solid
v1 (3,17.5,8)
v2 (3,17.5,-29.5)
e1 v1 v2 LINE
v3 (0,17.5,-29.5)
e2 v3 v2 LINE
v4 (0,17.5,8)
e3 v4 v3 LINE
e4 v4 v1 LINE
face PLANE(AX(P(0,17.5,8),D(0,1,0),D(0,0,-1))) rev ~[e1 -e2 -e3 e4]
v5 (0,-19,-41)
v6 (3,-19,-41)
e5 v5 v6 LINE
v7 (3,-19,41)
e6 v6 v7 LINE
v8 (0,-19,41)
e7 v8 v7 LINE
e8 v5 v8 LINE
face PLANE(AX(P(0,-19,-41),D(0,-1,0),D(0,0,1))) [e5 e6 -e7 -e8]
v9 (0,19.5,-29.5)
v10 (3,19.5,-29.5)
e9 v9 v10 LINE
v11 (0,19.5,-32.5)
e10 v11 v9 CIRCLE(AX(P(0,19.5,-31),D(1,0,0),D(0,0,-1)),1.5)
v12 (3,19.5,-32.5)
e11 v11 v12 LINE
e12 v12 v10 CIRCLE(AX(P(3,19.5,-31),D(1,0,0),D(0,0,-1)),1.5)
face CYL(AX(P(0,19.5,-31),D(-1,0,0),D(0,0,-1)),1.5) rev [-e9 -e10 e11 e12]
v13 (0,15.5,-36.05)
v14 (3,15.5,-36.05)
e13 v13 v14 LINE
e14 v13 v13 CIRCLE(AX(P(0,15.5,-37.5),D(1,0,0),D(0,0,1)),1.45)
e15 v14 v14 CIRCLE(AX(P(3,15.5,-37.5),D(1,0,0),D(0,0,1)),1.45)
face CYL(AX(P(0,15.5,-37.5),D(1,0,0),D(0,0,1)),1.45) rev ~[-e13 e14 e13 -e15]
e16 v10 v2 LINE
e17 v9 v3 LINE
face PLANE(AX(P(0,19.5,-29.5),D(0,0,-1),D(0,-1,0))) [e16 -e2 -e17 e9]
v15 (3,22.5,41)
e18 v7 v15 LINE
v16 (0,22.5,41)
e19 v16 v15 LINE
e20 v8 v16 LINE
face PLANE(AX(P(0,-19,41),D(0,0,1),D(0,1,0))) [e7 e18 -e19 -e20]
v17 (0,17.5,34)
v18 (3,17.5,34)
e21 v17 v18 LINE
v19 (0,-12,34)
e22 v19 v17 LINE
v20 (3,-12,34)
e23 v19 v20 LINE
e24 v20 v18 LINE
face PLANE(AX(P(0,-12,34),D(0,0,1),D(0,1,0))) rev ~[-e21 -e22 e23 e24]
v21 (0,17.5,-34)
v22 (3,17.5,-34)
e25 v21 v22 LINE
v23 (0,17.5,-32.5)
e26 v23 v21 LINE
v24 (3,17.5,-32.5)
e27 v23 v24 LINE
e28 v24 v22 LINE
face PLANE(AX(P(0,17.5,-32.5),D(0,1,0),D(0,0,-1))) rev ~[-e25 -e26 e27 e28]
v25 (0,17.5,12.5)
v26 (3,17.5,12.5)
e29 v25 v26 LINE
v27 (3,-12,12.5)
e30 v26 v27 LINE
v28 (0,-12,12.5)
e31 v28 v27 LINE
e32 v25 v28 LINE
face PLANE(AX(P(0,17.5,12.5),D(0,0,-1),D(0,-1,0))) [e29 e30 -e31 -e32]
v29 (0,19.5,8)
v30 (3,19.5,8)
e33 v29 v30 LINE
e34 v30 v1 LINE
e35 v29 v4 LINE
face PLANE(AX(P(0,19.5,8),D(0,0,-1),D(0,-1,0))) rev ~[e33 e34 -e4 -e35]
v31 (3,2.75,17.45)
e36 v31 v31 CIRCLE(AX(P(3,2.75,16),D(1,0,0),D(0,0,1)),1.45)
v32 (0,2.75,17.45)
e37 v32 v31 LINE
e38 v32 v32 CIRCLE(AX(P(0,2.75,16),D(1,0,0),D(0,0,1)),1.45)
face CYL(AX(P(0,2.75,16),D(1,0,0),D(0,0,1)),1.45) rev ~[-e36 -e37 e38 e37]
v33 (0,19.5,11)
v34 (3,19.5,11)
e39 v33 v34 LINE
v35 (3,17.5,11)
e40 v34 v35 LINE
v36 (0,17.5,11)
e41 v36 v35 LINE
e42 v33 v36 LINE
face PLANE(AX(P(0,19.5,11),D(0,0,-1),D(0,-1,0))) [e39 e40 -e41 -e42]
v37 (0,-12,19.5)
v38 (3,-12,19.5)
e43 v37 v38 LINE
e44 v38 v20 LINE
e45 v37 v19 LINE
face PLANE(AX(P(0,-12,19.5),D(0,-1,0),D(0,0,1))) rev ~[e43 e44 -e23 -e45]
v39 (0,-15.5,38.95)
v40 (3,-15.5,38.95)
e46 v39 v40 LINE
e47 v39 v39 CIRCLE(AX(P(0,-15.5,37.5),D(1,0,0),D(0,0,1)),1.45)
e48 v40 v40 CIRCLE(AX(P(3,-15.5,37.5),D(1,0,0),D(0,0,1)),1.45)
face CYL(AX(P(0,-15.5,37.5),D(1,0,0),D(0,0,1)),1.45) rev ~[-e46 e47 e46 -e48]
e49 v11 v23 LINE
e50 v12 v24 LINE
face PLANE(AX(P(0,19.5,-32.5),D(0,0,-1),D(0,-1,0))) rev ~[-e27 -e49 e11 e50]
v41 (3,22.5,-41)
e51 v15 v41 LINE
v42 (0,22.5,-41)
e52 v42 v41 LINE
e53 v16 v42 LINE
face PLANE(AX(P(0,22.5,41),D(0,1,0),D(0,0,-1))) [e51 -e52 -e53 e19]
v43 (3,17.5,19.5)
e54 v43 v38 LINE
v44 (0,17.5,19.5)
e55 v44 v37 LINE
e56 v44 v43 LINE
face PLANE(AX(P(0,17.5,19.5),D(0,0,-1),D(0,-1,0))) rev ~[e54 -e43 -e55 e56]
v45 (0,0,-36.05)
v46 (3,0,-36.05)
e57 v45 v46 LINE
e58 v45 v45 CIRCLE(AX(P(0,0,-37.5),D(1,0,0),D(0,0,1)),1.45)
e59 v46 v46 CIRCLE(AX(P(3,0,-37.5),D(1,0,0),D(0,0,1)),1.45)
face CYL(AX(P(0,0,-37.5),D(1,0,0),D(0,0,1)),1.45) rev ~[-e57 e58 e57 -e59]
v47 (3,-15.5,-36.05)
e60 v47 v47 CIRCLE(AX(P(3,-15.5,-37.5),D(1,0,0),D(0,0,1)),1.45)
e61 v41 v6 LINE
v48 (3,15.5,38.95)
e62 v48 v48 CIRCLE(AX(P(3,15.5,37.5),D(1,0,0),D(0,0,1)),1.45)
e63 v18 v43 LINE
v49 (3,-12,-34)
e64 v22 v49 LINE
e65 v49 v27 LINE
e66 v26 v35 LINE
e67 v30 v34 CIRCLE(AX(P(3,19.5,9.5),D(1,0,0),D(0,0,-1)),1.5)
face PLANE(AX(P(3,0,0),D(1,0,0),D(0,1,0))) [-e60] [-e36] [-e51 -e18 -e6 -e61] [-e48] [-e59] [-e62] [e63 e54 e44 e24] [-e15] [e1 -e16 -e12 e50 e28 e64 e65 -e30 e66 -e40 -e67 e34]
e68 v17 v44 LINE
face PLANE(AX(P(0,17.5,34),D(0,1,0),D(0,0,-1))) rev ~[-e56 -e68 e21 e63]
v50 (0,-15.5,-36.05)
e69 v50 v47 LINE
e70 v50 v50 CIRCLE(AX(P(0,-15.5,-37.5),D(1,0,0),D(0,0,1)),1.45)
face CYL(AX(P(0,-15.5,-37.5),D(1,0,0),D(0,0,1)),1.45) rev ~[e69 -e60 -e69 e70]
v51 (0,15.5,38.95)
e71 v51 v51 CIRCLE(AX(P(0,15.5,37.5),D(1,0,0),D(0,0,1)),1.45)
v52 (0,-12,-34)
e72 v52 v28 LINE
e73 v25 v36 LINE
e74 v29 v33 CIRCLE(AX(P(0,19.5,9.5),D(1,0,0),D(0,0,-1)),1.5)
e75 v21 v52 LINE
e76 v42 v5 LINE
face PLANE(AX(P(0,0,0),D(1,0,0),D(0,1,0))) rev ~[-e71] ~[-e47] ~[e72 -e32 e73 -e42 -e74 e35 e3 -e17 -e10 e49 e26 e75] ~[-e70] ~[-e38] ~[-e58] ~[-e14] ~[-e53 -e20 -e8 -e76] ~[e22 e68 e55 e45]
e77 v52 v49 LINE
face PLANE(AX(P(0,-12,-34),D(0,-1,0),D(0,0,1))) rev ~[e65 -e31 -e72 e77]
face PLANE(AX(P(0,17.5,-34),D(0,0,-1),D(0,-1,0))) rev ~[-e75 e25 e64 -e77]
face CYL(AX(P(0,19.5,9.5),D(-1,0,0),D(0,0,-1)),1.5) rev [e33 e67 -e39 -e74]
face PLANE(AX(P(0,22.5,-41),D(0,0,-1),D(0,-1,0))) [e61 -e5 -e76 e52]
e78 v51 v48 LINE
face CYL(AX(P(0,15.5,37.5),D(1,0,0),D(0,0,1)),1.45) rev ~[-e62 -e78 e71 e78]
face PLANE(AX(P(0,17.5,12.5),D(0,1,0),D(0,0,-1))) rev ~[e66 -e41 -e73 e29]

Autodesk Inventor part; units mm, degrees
ref_plane "YZ Plane" through (0, 0, 0) normal (1, 0, 0) x (0, 1, 0)
ref_plane "XZ Plane" through (0, 0, 0) normal (0, 1, 0) x (-1, 0, 0)
ref_plane "XY Plane" through (0, 0, 0) normal (0, 0, 1) x (1, 0, 0)
sketch "Sketch1" plane through (0, 0, 0) normal (1, 0, 0) x (0, 1, 0)
  line L0 (-15.5, 37.5) -> (15.5, 37.5) construction
  line L1 (15.5, 37.5) -> (15.5, -37.5) construction
  line L2 (15.5, -37.5) -> (-15.5, -37.5) construction
  line L3 (-15.5, -37.5) -> (-15.5, 37.5) construction
  line L4 (-15.5, 37.5) -> (15.5, -37.5) construction
  line L5 (15.5, 37.5) -> (-15.5, -37.5) construction
  line L6 (-19, 41) -> (22.5, 41)
  line L7 (22.5, 41) -> (22.5, -41)
  line L8 (22.5, -41) -> (-19, -41)
  line L9 (-19, -41) -> (-19, 41)
  line L10 (-19, 41) -> (22.5, -41) construction
  line L11 (22.5, 41) -> (-19, -41) construction
  line L12 (-12, 34) -> (17.5, 34)
  line L13 (17.5, 34) -> (17.5, -34)
  line L14 (17.5, -34) -> (-12, -34)
  line L15 (-12, -34) -> (-12, 34)
  line L16 (-12, 34) -> (17.5, -34) construction
  line L17 (17.5, 34) -> (-12, -34) construction
  line L18 (-46.909, 0) -> (32.0039, 0) construction
  arc A0 (19.5, -32.5) -> (19.5, -29.5) centre (19.5, -31) ccw
  line L19 (19.5, -32.5) -> (17.5, -32.5)
  line L20 (19.5, -29.5) -> (17.5, -29.5)
  line L21 (19.5, -31) -> (19.5, -32.5) construction
  line L22 (19.5, -31) -> (19.5, -29.5) construction
  arc A1 (19.5, 8) -> (19.5, 11) centre (19.5, 9.5) ccw
  line L23 (19.5, 8) -> (17.5, 8)
  line L24 (19.5, 11) -> (17.5, 11)
  line L25 (19.5, 9.5) -> (19.5, -31) construction
  line L26 (22.5, -10.75) -> (19.5, -10.75) construction
  line L27 (17.5, 12.5) -> (-12, 12.5)
  line L28 (17.5, 19.5) -> (-12, 19.5)
  line L29 (17.5, 16) -> (-12, 16) construction
  point P0 (0, 0)
  point P1 (0, 0)
  point P2 (2.75, 0)
  point P3 (1.75, 0)
  point P4 (0, -37.5)
  point P5 (2.75, 16)
  dimension "d0" = 31
  dimension "d1" = 75
  dimension "d3" = 82
  dimension "d5" = 68
  dimension "d6" = 5
  dimension "d7" = 3.5
  dimension "d8" = 3.5
  dimension "d10" = 17.5
  dimension "d11" = 3
  dimension "d12" = 6.5
  dimension "d13" = 4
  dimension "d16" = 40.5
  dimension "d21" = 7
  dimension "d22" = 3.5
extrude "Extrusion1" add sketch "Sketch1" along normal blind 3 contours L6 L7 L8 L9 | L28 L13 L27 L15
hole "Hole1" at (0, 2.75, 0) at (0, 1.75, 0) at (0, 15.5, 37.5) at (0, -15.5, 37.5) at (0, -15.5, -37.5) at (0, 0, -37.5) at (0, 15.5, -37.5) at (0, 2.75, 16) direction (1, 0, 0) diameter 2.9 depth 10 tip angle 118
properties part number "Soporte_PCB"
